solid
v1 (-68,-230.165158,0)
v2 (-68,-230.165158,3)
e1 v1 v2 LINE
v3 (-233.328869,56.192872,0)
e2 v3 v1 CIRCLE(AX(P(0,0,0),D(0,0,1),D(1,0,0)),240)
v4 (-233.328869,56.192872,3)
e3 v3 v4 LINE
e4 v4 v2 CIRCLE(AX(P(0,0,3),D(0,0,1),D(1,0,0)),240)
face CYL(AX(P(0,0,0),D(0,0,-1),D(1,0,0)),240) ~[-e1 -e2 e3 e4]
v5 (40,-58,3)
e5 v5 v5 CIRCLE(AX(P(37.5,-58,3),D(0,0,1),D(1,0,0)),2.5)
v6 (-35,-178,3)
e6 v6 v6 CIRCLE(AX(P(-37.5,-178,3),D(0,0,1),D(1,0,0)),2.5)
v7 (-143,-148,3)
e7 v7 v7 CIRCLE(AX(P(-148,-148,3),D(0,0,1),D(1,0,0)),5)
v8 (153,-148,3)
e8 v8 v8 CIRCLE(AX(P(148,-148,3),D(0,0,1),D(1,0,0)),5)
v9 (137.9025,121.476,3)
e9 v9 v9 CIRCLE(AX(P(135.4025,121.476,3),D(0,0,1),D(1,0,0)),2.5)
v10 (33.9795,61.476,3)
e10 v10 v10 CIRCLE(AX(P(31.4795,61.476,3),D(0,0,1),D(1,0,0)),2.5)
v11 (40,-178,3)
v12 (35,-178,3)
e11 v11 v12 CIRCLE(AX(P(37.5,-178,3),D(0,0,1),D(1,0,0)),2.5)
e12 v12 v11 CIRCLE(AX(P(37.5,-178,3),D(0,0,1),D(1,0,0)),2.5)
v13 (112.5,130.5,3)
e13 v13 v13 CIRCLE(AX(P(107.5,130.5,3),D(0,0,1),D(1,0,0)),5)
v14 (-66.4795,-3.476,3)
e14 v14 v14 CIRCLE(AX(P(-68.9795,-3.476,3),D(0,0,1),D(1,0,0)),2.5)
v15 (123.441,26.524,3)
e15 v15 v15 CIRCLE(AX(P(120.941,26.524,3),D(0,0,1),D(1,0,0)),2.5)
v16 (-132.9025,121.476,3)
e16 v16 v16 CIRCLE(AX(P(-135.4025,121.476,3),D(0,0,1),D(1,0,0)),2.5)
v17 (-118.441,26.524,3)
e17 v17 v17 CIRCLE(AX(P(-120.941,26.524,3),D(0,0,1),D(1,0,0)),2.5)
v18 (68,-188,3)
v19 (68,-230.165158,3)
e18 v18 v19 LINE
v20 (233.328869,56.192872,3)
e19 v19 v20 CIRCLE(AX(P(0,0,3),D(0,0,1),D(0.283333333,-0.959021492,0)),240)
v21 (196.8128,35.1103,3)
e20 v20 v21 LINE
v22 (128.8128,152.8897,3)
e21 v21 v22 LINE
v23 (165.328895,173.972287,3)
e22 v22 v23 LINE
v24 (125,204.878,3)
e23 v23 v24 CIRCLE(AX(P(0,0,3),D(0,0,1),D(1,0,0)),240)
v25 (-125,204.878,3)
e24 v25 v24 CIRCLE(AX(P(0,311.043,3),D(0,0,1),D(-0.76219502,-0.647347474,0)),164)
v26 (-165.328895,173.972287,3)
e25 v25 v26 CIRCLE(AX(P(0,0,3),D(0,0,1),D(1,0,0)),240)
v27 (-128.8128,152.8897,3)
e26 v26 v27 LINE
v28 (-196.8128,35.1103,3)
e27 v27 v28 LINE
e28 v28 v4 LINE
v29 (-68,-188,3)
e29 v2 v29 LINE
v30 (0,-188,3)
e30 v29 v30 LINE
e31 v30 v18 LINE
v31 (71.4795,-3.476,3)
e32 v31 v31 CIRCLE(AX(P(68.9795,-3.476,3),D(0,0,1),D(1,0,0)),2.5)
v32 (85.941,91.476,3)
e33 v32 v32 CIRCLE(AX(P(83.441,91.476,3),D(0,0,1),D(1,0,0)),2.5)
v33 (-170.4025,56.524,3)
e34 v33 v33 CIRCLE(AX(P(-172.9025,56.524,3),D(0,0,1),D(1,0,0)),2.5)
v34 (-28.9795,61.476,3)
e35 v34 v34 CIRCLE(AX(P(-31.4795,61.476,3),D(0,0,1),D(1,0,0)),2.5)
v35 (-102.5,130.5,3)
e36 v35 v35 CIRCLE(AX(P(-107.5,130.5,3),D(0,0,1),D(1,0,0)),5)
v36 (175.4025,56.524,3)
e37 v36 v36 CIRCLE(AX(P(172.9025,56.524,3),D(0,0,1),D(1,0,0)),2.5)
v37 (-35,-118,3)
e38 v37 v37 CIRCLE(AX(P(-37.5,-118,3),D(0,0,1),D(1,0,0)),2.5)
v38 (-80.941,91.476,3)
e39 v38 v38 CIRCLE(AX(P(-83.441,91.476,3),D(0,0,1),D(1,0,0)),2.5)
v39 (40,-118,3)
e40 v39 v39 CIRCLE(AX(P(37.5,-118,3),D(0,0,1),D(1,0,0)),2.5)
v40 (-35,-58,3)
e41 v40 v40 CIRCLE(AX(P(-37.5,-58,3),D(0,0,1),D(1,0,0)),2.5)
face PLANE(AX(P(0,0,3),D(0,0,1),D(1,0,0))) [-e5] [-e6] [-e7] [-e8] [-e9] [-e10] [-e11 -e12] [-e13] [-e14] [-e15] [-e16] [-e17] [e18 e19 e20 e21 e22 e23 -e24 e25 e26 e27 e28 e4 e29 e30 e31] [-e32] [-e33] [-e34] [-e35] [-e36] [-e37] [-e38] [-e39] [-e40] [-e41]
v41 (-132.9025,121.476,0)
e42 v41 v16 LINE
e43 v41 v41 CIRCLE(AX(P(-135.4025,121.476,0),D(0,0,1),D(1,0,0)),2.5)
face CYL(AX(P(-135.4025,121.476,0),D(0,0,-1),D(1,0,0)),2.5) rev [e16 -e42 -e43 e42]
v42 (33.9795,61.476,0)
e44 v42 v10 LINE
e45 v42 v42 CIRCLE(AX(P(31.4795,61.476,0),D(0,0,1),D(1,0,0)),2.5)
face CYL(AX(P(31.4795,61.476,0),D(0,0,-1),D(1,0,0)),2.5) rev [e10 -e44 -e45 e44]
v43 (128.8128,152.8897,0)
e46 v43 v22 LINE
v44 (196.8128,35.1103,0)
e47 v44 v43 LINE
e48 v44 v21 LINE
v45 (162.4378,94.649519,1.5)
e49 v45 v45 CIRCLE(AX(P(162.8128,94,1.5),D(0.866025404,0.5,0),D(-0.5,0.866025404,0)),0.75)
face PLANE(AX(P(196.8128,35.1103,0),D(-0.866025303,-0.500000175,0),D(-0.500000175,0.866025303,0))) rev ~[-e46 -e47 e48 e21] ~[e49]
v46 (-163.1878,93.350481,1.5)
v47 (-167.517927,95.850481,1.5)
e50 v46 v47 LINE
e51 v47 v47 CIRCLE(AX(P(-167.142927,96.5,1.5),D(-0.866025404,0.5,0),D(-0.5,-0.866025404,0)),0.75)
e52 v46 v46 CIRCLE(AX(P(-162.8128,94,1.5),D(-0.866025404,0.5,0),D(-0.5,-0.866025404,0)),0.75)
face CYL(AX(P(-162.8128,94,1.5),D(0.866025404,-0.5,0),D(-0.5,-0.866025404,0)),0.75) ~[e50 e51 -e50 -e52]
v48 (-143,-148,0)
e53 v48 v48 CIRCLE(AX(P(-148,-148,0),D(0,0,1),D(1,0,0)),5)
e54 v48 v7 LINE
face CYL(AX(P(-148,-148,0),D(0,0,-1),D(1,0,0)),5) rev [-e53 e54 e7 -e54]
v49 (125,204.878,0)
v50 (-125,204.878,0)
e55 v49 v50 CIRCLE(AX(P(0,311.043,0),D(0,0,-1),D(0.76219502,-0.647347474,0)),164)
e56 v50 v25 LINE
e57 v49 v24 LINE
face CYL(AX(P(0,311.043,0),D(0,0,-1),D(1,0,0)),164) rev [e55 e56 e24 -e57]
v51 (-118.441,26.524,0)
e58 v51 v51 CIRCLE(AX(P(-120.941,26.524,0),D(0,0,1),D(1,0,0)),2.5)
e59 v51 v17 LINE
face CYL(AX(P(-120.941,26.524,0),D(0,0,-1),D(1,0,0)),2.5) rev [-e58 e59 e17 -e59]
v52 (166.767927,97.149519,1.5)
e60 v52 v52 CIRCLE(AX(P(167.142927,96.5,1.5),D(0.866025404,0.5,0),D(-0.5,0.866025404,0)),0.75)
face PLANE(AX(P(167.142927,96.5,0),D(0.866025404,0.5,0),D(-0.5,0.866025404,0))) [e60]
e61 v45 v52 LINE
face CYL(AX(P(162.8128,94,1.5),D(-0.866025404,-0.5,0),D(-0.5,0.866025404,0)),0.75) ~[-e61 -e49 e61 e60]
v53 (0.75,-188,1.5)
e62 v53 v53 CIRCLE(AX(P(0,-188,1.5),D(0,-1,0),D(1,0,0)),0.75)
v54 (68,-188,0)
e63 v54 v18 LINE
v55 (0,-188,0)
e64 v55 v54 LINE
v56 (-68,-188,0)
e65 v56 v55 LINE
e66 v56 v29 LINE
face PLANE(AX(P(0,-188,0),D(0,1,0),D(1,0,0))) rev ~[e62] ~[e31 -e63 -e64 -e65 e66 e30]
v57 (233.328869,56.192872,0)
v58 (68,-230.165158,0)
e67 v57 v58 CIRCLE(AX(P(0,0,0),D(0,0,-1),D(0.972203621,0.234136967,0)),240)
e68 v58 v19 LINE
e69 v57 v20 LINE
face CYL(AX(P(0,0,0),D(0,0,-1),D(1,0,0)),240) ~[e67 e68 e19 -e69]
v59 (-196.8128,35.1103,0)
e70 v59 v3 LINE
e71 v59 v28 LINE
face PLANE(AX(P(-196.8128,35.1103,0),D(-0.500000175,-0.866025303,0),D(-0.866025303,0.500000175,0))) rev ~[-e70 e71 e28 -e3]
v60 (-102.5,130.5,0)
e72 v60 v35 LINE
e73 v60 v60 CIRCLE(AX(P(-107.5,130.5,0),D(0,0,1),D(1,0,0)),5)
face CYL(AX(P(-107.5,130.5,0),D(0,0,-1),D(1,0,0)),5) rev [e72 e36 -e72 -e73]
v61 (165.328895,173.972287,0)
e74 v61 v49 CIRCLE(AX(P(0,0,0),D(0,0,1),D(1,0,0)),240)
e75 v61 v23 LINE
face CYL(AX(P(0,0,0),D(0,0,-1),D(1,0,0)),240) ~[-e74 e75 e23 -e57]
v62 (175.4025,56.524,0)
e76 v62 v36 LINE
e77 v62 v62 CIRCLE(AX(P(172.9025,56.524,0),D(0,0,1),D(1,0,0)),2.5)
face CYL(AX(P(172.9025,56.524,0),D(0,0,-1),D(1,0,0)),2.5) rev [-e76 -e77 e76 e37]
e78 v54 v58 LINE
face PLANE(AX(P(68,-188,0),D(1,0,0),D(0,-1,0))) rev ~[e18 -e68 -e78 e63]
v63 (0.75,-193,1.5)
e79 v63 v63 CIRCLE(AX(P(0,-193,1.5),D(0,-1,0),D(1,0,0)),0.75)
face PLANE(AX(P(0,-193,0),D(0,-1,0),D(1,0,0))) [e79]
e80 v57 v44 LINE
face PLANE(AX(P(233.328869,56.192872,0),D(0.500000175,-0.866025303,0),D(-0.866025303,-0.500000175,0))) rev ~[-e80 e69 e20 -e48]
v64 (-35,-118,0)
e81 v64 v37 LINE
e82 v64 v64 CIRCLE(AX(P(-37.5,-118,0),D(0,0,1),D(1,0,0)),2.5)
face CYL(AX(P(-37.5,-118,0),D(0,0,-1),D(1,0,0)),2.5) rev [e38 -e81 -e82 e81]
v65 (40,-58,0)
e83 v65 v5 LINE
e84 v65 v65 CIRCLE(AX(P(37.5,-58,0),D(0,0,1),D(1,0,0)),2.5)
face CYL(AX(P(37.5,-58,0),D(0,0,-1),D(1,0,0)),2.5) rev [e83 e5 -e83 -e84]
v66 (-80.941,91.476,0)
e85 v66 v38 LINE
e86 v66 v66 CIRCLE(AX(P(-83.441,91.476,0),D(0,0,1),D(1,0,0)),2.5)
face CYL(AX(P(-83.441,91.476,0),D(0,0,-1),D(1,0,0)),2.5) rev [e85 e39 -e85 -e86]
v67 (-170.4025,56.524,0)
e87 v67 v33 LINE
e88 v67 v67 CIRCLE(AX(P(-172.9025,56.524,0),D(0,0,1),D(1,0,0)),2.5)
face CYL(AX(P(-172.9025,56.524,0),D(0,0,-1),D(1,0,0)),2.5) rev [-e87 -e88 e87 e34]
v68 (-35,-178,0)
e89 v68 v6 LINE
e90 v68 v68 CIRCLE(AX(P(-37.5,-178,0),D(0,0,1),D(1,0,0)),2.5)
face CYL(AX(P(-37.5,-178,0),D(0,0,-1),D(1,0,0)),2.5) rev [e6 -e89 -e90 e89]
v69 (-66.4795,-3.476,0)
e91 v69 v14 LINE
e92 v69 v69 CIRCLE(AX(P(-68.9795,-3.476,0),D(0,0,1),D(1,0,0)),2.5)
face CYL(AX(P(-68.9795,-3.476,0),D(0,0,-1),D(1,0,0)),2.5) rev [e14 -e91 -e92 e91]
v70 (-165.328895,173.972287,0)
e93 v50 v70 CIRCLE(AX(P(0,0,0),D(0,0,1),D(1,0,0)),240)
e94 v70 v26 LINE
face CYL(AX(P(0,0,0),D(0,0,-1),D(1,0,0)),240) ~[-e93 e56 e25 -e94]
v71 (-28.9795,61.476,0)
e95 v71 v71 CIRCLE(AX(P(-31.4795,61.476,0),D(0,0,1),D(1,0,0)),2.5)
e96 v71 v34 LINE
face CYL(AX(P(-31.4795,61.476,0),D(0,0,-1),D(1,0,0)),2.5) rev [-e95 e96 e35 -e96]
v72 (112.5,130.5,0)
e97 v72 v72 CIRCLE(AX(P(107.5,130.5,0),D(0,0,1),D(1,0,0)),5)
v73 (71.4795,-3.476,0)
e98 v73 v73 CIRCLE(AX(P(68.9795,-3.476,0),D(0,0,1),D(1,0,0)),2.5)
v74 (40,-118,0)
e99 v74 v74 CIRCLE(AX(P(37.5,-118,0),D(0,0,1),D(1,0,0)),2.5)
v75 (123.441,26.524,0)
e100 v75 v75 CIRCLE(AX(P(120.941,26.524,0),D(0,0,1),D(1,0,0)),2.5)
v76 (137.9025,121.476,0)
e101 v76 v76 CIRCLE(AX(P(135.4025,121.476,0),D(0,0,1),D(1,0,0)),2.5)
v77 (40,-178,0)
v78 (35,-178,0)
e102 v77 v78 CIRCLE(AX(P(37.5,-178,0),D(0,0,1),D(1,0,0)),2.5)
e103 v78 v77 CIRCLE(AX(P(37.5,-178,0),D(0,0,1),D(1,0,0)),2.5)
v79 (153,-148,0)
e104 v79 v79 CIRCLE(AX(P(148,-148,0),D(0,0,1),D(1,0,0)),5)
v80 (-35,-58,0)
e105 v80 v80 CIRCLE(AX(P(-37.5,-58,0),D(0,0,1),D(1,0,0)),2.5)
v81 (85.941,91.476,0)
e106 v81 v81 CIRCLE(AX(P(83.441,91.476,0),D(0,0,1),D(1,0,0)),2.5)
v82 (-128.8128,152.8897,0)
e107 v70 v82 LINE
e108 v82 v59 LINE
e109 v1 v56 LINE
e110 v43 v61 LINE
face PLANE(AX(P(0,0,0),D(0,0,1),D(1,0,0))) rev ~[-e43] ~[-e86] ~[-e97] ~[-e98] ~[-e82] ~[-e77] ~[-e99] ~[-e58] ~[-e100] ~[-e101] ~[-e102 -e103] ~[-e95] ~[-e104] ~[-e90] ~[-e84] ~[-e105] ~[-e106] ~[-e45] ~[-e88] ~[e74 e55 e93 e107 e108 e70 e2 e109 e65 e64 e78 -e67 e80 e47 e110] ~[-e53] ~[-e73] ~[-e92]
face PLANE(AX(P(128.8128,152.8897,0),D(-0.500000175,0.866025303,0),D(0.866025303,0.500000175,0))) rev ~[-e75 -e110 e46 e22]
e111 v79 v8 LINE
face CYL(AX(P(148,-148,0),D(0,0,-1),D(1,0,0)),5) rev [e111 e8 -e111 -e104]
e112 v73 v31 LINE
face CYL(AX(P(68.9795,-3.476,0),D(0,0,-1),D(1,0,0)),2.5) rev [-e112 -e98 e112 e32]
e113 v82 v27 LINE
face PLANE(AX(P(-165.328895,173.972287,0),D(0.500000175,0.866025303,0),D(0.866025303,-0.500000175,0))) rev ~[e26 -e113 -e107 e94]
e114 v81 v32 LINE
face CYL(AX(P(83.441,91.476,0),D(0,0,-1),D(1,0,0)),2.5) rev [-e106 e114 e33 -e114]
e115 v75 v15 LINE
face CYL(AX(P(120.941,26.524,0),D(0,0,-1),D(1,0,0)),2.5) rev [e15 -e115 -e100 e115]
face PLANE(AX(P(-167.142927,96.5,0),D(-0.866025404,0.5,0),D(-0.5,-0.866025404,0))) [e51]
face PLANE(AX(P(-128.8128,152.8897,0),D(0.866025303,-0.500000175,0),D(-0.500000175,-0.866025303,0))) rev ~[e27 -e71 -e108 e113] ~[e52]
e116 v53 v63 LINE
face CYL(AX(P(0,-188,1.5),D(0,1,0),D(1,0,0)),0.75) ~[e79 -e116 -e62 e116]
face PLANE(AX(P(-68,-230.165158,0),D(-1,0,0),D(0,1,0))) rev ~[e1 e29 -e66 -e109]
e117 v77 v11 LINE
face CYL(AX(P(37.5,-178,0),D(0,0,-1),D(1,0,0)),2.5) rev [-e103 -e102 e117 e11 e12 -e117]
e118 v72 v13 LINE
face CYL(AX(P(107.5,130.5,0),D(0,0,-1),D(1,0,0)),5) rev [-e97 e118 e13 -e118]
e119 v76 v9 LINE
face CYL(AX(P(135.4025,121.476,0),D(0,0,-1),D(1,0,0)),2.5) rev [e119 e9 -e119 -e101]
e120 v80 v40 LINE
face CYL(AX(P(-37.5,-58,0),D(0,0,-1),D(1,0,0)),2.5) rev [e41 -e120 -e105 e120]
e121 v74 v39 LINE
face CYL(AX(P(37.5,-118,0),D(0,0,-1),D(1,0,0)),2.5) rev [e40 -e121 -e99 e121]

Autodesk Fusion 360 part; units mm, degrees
sketch "Esboço1" plane through (0, 0, 0) normal (0, 0, 1) x (1, 0, 0)
  circle A0 centre (0, 0) radius 240
  circle A1 centre (148, -148) radius 5
  line L0 (-125, 204.878) -> (125, 204.878)
  circle A2 centre (0, 311.043) radius 164
  circle A3 centre (107.5, 130.5) radius 5
  line L1 (-40, 115) -> (40, 115)
  line L2 (-40, 115) -> (-40, 151.9958)
  line L3 (40, 115) -> (40, 151.9958)
  line L4 (0, 1.75) -> (0, 22.5)
  circle A4 centre (-148, -148) radius 5
  circle A5 centre (-107.5, 130.5) radius 5
  line L5 (-68, -188) -> (68, -188)
  line L6 (68, -188) -> (68, -240)
  line L7 (68, -240) -> (-68, -240)
  line L8 (-68, -240) -> (-68, -188)
  line L9 (0, -188) -> (0, -178)
  line L10 (-37.5, -178) -> (37.5, -178)
  circle A6 centre (-37.5, -178) radius 2.5
  circle A7 centre (37.5, -178) radius 2.5
  circle A8 centre (37.5, -118) radius 2.5
  circle A9 centre (37.5, -58) radius 2.5
  circle A10 centre (-37.5, -118) radius 2.5
  circle A11 centre (-37.5, -58) radius 2.5
  circle A12 centre (135.4025, 121.476) radius 2.5
  line L11 (241.8461, 61.1103) -> (196.8128, 35.1103)
  line L12 (196.8128, 35.1103) -> (128.8128, 152.8897)
  line L13 (128.8128, 152.8897) -> (173.8461, 178.8897)
  circle A13 centre (83.441, 91.476) radius 2.5
  circle A14 centre (172.9025, 56.524) radius 2.5
  circle A15 centre (120.941, 26.524) radius 2.5
  circle A16 centre (68.9795, -3.476) radius 2.5
  circle A17 centre (31.4795, 61.476) radius 2.5
  circle A18 centre (-172.9025, 56.524) radius 2.5
  line L14 (-173.8461, 178.8897) -> (-128.8128, 152.8897)
  line L15 (-128.8128, 152.8897) -> (-196.8128, 35.1103)
  line L16 (-196.8128, 35.1103) -> (-241.8461, 61.1103)
  circle A19 centre (-120.941, 26.524) radius 2.5
  circle A20 centre (-135.4025, 121.476) radius 2.5
  circle A21 centre (-83.441, 91.476) radius 2.5
  circle A22 centre (-31.4795, 61.476) radius 2.5
  circle A23 centre (-68.9795, -3.476) radius 2.5
  point P0 (0, 115)
  point P1 (0, -240)
  point P2 (-68, -230.1652)
  dimension "d1" = 480
  dimension "d13" = 10
  dimension "d14" = 148
  dimension "d15" = 148
  dimension "d16" = 250
  dimension "d17" = 328
  dimension "d18" = 10
  dimension "d19" = 130.5
  dimension "d20" = 107.5
  dimension "d21" = 115
  dimension "d22" = 80
  dimension "d25" = 136
  dimension "d26" = 52
  dimension "d27" = 10
  dimension "d28" = 75
  dimension "d29" = 5
  dimension "d30" = 5
  dimension "d33" = 1
  dimension "d34" = 60
  dimension "d36" = 360
extrude "Extrusão1" add sketch "Esboço1" along normal blind 3 contours A0 A2 L1 L2 L3 L5 L6 L8 L11 L12 L13 L14 L15 L16 | A2 L1 L2 L3
sketch "Esboço2" plane through (162.8128, 94, 0) normal (0.866, 0.5, 0) x (-0.5, 0.866, 0)
  line L0 (-68, 0) -> (68, 0)
  line L1 (68, 0) -> (68, 3)
  line L2 (68, 3) -> (-68, 3)
  line L3 (-68, 3) -> (-68, 0)
  line L4 (68, 0) -> (-68, 0)
  line L5 (-68, 0) -> (-68, 3)
  line L6 (-68, 3) -> (68, 3)
  line L7 (68, 3) -> (68, 0)
  line L8 (0, 0) -> (0, 3) construction
  line L9 (-68, 1.5) -> (68, 1.5) construction
  circle A0 centre (0, 1.5) radius 0.75
  dimension "d38" = 1.5
sketch "Esboço3" plane through (0, -188, 0) normal (0, -1, 0) x (1, 0, 0)
  line L0 (-68, 0) -> (68, 0)
  line L1 (68, 0) -> (68, 3)
  line L2 (68, 3) -> (-68, 3)
  line L3 (-68, 3) -> (-68, 0)
  line L4 (68, 0) -> (-68, 0)
  line L5 (-68, 0) -> (-68, 3)
  line L6 (-68, 3) -> (68, 3)
  line L7 (68, 3) -> (68, 0)
  line L8 (0, 0) -> (0, 3) construction
  line L9 (-68, 1.5) -> (68, 1.5) construction
  circle A0 centre (0, 1.5) radius 0.75
  dimension "d39" = 1.5
sketch "Esboço4" plane through (-162.8128, 94, 0) normal (-0.866, 0.5, 0) x (-0.5, -0.866, 0)
  line L0 (-68, 0) -> (68, 0)
  line L1 (68, 0) -> (68, 3)
  line L2 (68, 3) -> (-68, 3)
  line L3 (-68, 3) -> (-68, 0)
  line L4 (68, 0) -> (-68, 0)
  line L5 (-68, 0) -> (-68, 3)
  line L6 (-68, 3) -> (68, 3)
  line L7 (68, 3) -> (68, 0)
  line L8 (0, 0) -> (0, 3) construction
  line L9 (68, 1.5) -> (-68, 1.5) construction
  circle A0 centre (0, 1.5) radius 0.75
  dimension "d40" = 1.5
extrude "Extrusão2" add sketch "Esboço4" along normal blind 5 contours A0
extrude "Extrusão3" add sketch "Esboço2" along normal blind 5 contours A0
extrude "Extrusão4" add sketch "Esboço3" along normal blind 5 contours A0
equation "d17 = ( 164 * 2 ) * 1 mm"
